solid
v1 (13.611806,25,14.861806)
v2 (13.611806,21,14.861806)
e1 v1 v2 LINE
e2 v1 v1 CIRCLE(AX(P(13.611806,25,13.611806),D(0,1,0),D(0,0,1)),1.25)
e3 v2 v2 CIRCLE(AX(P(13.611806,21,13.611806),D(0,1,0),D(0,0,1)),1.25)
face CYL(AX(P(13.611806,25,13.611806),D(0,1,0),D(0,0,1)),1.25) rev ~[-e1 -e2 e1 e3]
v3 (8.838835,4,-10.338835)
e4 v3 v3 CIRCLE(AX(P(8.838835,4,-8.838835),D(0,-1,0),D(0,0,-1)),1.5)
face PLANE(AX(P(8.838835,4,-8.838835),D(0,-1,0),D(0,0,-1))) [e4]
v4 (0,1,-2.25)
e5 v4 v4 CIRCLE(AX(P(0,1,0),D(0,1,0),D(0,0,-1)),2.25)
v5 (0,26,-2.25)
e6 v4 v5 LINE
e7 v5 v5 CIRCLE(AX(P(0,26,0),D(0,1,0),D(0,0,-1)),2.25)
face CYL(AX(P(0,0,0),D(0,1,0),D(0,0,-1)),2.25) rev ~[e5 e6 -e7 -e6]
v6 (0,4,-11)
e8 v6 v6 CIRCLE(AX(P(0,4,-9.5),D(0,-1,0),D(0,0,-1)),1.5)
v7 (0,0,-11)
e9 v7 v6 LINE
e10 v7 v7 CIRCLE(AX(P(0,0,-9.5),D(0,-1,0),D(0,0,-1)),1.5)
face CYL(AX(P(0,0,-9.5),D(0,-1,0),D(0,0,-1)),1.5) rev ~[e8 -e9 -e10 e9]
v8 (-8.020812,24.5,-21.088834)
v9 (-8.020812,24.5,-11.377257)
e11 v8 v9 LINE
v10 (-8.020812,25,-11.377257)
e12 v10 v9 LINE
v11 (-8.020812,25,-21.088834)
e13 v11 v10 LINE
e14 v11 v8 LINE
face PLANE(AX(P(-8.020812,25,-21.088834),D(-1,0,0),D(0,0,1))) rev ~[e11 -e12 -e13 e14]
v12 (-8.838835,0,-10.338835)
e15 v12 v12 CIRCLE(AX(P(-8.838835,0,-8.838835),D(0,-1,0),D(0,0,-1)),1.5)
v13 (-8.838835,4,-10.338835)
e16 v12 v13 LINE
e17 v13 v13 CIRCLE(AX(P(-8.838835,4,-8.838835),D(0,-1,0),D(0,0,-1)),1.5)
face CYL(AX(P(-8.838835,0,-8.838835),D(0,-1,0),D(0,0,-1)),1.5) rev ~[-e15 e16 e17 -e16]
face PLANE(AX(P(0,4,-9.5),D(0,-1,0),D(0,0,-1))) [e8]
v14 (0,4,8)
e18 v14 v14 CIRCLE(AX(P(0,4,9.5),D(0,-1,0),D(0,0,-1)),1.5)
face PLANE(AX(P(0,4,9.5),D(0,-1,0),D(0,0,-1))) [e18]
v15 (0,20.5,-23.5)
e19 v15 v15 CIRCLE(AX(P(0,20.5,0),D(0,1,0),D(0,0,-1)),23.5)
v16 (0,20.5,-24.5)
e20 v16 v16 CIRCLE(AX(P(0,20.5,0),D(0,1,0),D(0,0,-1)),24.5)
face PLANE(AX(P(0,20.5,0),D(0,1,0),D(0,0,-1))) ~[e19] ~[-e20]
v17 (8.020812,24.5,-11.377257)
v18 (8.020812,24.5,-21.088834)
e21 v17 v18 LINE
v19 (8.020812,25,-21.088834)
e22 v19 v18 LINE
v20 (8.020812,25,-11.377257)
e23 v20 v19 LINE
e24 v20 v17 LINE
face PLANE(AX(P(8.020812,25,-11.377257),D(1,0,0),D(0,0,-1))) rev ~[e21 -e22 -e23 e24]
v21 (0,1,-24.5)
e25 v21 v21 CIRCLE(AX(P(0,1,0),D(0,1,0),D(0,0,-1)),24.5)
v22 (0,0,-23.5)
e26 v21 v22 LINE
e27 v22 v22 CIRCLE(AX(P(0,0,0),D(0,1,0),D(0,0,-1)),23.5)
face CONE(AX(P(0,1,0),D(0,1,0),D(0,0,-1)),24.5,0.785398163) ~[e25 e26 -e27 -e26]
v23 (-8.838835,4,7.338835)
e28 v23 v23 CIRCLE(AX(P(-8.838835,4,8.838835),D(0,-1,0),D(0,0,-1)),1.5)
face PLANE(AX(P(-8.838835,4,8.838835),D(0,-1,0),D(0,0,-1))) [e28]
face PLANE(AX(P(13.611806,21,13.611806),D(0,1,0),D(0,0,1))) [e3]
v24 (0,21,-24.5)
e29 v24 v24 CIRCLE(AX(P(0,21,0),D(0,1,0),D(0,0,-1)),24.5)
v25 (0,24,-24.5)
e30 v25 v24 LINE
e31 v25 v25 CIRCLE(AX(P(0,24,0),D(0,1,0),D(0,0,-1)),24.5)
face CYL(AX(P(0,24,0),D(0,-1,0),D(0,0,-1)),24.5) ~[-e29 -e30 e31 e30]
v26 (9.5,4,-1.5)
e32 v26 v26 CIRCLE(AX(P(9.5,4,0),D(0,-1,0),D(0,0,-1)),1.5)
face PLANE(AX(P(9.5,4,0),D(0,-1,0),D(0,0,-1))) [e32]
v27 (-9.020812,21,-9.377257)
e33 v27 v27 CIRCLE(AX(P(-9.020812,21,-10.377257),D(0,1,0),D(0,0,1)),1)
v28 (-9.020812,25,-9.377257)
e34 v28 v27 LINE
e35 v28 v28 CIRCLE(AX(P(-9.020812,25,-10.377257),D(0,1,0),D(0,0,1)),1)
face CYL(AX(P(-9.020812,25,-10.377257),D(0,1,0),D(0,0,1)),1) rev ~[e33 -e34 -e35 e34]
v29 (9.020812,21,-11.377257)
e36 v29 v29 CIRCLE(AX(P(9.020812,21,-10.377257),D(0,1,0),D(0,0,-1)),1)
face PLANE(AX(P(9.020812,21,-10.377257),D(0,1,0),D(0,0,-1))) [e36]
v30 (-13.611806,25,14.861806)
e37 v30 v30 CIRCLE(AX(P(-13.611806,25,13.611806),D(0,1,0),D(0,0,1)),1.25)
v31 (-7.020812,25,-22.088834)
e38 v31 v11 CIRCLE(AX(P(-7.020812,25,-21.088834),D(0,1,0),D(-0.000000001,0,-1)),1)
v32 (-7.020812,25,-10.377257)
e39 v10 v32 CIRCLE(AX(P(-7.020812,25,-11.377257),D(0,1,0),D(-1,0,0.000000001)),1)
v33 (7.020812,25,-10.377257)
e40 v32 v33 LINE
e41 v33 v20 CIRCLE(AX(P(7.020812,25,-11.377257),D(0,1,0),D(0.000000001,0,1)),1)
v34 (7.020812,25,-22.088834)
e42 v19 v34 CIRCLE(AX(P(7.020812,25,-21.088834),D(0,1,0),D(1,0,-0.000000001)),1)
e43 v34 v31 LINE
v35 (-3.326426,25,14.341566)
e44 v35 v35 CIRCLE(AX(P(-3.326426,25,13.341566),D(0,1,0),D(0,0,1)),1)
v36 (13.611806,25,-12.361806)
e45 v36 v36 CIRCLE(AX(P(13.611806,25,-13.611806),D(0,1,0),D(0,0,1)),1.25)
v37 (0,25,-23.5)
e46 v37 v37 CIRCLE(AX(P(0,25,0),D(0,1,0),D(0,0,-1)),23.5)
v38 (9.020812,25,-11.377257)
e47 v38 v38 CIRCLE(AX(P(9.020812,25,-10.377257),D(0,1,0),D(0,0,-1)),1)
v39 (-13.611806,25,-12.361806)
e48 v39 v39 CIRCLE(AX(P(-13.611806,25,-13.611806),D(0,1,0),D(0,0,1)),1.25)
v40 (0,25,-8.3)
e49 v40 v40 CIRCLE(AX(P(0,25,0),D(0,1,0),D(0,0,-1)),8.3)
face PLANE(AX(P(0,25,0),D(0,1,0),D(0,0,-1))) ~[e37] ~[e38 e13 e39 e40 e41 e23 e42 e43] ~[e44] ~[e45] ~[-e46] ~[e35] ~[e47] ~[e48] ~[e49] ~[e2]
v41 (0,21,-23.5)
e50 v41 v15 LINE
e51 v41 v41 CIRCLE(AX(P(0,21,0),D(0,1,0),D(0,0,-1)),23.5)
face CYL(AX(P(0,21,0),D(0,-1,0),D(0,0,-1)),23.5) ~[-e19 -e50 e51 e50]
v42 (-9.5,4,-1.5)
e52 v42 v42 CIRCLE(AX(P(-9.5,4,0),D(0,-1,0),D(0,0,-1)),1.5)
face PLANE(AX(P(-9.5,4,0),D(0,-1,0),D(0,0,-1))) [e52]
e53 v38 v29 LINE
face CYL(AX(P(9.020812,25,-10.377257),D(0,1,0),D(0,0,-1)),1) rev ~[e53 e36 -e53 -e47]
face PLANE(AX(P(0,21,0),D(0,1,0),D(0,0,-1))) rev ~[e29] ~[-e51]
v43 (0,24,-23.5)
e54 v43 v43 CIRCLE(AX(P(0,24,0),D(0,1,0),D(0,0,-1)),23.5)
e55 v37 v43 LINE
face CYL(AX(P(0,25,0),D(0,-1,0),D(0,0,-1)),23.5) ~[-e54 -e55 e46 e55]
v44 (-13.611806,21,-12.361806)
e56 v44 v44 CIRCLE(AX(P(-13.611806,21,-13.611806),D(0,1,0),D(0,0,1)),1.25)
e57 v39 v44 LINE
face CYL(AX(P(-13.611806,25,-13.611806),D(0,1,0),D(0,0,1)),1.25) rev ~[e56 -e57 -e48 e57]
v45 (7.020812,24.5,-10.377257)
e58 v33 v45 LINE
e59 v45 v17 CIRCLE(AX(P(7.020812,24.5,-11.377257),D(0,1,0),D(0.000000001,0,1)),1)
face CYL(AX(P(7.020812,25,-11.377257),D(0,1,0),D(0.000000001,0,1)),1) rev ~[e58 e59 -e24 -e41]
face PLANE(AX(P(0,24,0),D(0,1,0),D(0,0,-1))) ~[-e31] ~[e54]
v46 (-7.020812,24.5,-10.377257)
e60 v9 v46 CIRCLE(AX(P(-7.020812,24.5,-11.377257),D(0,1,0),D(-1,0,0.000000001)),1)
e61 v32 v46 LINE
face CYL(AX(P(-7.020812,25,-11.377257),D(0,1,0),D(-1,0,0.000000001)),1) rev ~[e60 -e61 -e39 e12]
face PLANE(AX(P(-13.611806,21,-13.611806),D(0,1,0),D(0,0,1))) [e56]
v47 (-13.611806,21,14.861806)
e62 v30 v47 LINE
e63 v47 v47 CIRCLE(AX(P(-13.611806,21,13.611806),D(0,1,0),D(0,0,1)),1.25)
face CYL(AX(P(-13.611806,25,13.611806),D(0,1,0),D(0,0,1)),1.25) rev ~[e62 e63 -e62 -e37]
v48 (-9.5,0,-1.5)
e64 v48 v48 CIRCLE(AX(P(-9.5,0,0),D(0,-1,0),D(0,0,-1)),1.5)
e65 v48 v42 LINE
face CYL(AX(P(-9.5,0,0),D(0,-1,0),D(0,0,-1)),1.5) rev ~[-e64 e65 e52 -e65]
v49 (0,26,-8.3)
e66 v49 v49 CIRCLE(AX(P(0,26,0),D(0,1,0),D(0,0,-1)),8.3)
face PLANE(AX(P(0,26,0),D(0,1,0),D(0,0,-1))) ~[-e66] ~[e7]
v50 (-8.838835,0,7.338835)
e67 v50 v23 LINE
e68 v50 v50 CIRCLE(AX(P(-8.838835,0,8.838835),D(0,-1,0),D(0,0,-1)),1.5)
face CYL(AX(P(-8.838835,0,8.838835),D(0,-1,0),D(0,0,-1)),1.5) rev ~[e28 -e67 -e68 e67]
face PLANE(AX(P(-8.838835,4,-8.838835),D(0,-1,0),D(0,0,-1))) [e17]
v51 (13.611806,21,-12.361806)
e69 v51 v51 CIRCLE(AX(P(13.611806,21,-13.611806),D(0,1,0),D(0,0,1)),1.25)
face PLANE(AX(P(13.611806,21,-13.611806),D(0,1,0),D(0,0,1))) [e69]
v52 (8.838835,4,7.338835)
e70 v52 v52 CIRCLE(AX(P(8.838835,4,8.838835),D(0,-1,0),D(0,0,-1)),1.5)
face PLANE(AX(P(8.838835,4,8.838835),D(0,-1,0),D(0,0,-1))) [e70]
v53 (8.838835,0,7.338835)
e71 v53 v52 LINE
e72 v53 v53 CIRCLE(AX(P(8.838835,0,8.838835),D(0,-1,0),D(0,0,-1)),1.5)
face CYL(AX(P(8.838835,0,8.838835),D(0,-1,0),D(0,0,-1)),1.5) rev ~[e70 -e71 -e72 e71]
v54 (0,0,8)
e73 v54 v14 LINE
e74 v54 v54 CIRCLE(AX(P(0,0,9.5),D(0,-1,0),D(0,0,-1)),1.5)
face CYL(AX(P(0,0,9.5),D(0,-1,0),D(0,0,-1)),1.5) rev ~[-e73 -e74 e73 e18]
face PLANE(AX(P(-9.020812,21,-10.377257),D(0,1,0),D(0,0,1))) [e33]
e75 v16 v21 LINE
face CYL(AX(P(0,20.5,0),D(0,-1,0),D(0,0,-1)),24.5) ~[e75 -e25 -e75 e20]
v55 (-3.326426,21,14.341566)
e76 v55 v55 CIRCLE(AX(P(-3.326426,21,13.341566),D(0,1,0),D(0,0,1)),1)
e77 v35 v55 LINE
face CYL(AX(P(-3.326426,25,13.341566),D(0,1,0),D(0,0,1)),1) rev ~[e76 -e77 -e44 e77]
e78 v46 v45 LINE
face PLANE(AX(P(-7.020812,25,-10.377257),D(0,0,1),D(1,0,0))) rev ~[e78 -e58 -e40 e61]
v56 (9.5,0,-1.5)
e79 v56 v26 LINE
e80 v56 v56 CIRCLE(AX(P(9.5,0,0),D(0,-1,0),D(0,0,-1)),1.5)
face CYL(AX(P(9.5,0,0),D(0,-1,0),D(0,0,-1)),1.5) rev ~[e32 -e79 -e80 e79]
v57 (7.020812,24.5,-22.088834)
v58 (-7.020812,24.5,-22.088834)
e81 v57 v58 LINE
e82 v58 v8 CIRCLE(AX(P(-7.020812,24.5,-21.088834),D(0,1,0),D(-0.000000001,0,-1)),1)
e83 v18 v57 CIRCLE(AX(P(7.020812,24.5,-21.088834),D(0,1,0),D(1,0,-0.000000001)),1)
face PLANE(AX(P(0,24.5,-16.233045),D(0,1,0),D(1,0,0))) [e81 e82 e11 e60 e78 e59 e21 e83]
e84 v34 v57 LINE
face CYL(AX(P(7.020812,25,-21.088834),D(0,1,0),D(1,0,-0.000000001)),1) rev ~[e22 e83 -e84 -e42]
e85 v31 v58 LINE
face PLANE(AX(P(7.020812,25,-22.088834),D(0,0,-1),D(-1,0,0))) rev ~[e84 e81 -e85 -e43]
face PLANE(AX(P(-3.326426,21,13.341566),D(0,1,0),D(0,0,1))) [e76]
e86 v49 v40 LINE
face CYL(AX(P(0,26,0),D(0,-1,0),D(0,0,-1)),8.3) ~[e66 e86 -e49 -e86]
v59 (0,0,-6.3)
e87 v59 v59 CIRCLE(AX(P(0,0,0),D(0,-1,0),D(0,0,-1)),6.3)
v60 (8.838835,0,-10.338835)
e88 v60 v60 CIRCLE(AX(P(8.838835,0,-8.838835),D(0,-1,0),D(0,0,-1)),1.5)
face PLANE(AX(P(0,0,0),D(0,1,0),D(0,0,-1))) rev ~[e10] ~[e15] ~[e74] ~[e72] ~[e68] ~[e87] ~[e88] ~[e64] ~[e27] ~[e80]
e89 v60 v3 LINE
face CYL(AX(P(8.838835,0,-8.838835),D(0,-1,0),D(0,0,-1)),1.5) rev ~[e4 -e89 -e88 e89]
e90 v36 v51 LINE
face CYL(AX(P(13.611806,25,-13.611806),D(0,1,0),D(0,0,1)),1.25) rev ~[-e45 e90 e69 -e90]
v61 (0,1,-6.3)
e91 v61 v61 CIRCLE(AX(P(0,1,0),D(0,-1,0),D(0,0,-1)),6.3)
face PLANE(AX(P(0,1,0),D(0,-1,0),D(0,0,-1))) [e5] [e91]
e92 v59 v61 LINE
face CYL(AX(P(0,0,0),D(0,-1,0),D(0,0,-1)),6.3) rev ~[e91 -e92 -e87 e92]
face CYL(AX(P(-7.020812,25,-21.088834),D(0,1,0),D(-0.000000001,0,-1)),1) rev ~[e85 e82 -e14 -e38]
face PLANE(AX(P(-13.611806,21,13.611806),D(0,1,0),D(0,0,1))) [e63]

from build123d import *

# Parameters (mm, degrees)
CHAMFER_1_SIZE      = 1
SKETCH_2_R          = 1.25
SKETCH_2_R_2        = 1
CUT_EXTRUDE_1_DEPTH = 4
SKETCH_3_R          = 1.5
CUT_EXTRUDE_2_DEPTH = 4
SKETCH_4_R          = 6.3
CUT_EXTRUDE_3_DEPTH = 1
CUT_EXTRUDE_4_DEPTH = 0.5


with BuildPart() as part:
    # 草图1 → 旋转1 (revolve)
    with BuildSketch(Plane.XY, mode=Mode.PRIVATE) as revolve_1_sk:
        Polygon((2.25, 0), (2.25, 26), (8.3, 26), (8.3, 25), (23.5, 25), (23.5, 24), (24.5, 24), (24.5, 21), (23.5, 21), (23.5, 20.5), (24.5, 20.5), (24.5, 0), align=None)
    revolve(revolve_1_sk.sketch.rotate(Axis((0, 0, 0), (0, 1, 0)), 90), axis=Axis((0, 0, 0), (0, 1, 0)))

    # 倒角1
    chamfer_1_edges = [part.edges().sort_by_distance(p)[0] for p in [
        (0, 0, 24.5),
    ]]
    chamfer(chamfer_1_edges, length=CHAMFER_1_SIZE)

    # 草图2 → 切除-拉伸1 (cut)
    with BuildSketch(Plane(origin=(0, 25, 0), x_dir=(1, 0, 0), z_dir=(0, 1, 0))):
        with Locations(Location((13.611805538, 13.611805538, 0), (0, 0, 270))):
            Circle(SKETCH_2_R)
        with Locations(Location((13.611805538, -13.611805538, 0), (0, 0, 270))):
            Circle(SKETCH_2_R)
        with Locations(Location((-13.611805538, -13.611805538, 0), (0, 0, 270))):
            Circle(SKETCH_2_R)
        with Locations(Location((-13.611805538, 13.611805538, 0), (0, 0, 270))):
            Circle(SKETCH_2_R)
        with Locations(Location((-9.020811649, 10.377256728, 0), (0, 0, 270))):
            Circle(SKETCH_2_R_2)
        with Locations(Location((-3.326426064, -13.341566236, 0), (0, 0, 270))):
            Circle(SKETCH_2_R_2)
        with Locations(Location((9.020811649, 10.377256728, 0), (0, 0, 90))):
            Circle(SKETCH_2_R_2)
    extrude(amount=-CUT_EXTRUDE_1_DEPTH, mode=Mode.SUBTRACT)

    # 草图3 → 切除-拉伸2 (cut)
    with BuildSketch(Plane.XZ):
        with Locations(Location((0, 9.5, 0), (0, 0, 270))):
            Circle(SKETCH_3_R)
        with Locations(Location((8.838834765, 8.838834765, 0), (0, 0, 270))):
            Circle(SKETCH_3_R)
        with Locations(Location((9.5, 0, 0), (0, 0, 270))):
            Circle(SKETCH_3_R)
        with Locations(Location((8.838834765, -8.838834765, 0), (0, 0, 270))):
            Circle(SKETCH_3_R)
        with Locations(Location((0, -9.5, 0), (0, 0, 270))):
            Circle(SKETCH_3_R)
        with Locations(Location((-8.838834765, -8.838834765, 0), (0, 0, 270))):
            Circle(SKETCH_3_R)
        with Locations(Location((-9.5, 0, 0), (0, 0, 270))):
            Circle(SKETCH_3_R)
        with Locations(Location((-8.838834765, 8.838834765, 0), (0, 0, 270))):
            Circle(SKETCH_3_R)
    extrude(amount=-CUT_EXTRUDE_2_DEPTH, mode=Mode.SUBTRACT)

    # 草图4 → 切除-拉伸3 (cut)
    with BuildSketch(Plane.XZ):
        with Locations(Location((0, 0, 0), (0, 0, 270))):
            Circle(SKETCH_4_R)
    extrude(amount=-CUT_EXTRUDE_3_DEPTH, mode=Mode.SUBTRACT)

    # 草图5 → 切除-拉伸4 (cut)
    with BuildSketch(Plane(origin=(0, 25, 0), x_dir=(1, 0, 0), z_dir=(0, 1, 0))):
        with BuildLine():
            Line((-7.020811649, 10.377256728), (7.020811649, 10.377256728))
            ThreePointArc((7.020811649, 10.377256728), (7.72791843, 10.670149947), (8.020811649, 11.377256728))
            Line((8.020811649, 11.377256728), (8.020811649, 21.088833842))
            ThreePointArc((8.020811649, 21.088833842), (7.72791843, 21.795940623), (7.020811649, 22.088833842))
            Line((7.020811649, 22.088833842), (-7.020811649, 22.088833842))
            ThreePointArc((-7.020811649, 22.088833842), (-7.72791843, 21.795940623), (-8.020811649, 21.088833842))
            Line((-8.020811649, 21.088833842), (-8.020811649, 11.377256728))
            ThreePointArc((-8.020811649, 11.377256728), (-7.72791843, 10.670149947), (-7.020811649, 10.377256728))
        make_face()
    extrude(amount=-CUT_EXTRUDE_4_DEPTH, mode=Mode.SUBTRACT)


solid = part.part
